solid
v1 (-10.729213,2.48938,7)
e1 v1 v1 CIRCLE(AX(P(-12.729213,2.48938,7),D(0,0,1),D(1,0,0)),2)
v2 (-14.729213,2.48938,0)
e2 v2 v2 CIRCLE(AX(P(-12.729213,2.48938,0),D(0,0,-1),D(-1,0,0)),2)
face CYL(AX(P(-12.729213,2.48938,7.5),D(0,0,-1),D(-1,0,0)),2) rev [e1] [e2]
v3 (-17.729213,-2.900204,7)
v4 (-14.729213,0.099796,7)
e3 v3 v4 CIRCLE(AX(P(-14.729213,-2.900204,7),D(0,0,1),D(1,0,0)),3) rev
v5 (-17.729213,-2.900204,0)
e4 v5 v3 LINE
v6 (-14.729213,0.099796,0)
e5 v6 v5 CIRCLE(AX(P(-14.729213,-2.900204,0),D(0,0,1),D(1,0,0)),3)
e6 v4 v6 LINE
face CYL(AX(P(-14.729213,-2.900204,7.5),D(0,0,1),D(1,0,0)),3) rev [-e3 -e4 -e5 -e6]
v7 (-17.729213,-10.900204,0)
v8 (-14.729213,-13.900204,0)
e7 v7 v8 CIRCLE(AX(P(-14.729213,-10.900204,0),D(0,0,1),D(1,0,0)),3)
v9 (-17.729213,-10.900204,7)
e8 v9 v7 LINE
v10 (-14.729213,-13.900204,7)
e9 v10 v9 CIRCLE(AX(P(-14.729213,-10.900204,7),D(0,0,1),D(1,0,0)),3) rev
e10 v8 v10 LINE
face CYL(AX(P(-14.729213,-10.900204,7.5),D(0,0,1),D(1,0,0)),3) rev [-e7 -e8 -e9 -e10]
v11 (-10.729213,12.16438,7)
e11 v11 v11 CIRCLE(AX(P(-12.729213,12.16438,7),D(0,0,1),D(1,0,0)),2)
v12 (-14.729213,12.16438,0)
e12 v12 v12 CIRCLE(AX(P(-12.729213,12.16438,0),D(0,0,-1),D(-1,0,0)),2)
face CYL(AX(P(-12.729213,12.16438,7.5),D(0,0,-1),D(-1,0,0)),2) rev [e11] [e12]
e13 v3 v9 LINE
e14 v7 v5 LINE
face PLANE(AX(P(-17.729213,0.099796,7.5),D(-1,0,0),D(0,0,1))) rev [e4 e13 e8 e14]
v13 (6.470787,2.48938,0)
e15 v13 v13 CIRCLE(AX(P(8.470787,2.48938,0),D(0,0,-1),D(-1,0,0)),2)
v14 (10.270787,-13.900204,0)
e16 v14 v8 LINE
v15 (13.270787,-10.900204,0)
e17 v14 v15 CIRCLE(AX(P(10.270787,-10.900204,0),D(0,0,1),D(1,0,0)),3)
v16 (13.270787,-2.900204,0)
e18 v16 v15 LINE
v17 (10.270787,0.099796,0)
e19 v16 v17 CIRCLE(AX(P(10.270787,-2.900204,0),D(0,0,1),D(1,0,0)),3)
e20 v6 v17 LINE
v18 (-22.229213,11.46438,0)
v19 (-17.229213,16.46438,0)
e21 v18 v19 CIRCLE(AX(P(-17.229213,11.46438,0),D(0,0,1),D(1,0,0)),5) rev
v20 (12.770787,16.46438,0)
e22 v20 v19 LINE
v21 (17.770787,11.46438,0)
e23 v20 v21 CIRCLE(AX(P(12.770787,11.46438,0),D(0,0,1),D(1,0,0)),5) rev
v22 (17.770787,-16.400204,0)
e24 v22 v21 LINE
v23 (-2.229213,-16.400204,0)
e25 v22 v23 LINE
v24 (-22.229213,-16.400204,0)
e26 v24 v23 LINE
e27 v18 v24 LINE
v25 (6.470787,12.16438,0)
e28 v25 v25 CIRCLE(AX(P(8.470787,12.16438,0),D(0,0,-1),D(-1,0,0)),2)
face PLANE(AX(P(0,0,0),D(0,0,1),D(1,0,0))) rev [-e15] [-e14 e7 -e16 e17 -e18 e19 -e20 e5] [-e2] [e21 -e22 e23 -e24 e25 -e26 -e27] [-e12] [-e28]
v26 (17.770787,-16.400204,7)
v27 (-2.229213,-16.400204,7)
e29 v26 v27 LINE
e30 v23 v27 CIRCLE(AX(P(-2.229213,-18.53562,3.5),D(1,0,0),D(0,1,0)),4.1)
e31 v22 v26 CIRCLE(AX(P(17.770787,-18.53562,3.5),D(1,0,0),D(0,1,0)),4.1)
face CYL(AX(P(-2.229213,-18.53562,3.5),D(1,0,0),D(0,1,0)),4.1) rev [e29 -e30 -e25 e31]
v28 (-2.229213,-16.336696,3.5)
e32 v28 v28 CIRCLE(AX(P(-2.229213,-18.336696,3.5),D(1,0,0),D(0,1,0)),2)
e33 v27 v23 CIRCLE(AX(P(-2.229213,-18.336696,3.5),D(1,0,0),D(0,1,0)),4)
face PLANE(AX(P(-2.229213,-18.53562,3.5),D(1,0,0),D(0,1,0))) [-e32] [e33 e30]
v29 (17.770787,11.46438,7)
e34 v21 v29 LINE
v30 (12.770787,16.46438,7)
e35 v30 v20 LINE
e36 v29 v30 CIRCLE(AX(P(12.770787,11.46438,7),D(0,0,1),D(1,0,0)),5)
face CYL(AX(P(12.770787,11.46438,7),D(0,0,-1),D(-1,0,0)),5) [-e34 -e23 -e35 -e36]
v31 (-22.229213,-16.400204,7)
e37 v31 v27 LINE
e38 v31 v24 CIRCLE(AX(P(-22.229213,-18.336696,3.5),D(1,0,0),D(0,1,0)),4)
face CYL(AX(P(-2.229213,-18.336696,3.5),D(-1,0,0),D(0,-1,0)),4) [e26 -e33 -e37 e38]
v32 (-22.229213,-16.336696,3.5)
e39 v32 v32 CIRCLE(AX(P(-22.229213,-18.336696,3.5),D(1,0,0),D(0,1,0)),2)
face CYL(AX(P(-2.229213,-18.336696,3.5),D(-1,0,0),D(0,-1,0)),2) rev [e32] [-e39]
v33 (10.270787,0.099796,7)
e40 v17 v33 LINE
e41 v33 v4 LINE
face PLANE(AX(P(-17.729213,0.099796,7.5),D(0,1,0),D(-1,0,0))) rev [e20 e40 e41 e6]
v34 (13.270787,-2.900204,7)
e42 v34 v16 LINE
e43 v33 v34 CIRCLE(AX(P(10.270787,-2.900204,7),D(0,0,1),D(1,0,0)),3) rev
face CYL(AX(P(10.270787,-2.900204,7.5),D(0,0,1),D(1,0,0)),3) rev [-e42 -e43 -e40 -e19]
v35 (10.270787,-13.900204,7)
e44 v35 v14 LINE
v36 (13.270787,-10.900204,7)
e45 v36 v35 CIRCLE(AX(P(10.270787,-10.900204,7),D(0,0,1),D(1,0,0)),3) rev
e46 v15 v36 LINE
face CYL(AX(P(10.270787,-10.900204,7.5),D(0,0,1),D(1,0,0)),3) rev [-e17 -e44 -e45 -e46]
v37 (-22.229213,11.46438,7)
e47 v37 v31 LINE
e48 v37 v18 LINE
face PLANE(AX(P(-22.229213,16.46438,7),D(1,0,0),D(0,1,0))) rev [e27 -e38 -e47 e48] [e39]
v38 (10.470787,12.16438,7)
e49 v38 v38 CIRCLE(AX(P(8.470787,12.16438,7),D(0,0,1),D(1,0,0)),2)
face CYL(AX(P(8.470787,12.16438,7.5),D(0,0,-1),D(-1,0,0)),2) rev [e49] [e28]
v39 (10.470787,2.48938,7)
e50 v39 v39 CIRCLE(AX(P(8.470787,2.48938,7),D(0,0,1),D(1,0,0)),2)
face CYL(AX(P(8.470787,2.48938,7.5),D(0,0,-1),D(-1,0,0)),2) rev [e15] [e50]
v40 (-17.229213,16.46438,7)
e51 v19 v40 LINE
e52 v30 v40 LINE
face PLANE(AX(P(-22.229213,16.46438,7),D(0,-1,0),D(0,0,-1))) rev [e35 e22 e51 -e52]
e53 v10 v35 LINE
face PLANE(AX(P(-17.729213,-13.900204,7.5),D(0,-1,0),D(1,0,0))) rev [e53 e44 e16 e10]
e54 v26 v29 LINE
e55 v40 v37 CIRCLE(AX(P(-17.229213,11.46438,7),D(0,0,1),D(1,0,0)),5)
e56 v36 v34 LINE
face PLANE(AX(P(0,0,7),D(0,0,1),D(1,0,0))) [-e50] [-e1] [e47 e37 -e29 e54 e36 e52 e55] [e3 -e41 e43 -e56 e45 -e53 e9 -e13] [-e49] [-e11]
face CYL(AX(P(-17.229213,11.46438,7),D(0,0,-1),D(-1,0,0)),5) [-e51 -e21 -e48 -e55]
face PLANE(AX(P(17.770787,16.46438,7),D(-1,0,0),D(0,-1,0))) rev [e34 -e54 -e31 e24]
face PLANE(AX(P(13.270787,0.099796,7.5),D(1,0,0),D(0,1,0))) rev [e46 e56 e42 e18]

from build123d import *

# Parameters (mm, degrees)
SKETCH1_W                = 40
SKETCH1_H                = 35
BOSS_EXTRUDE1_DEPTH      = 7
SKETCH2_R                = 4.1
CUT_EXTRUDE1_DEPTH       = 20
SKETCH3_R                = 4
SKETCH3_R_2              = 2
BOSS_EXTRUDE2_DEPTH      = 11
BOSS_EXTRUDE2_DEPTH_BACK = 9
FILLET1_R                = 5
SKETCH4_R                = 2
SKETCH4_W                = 31
SKETCH4_H                = 14
CUT_EXTRUDE2_DEPTH       = 8.5
FILLET2_R                = 3
SKETCH5_R                = 2
CUT_EXTRUDE3_DEPTH       = 41


with BuildPart() as part:
    # Sketch1 → Boss-Extrude1 (new body)
    with BuildSketch(Plane.XY):
        with Locations((-2.229213179, -1.035620053)):
            Rectangle(SKETCH1_W, SKETCH1_H)
    extrude(amount=BOSS_EXTRUDE1_DEPTH)

    # Sketch2 → Cut-Extrude1 (cut)
    with BuildSketch(Plane(origin=(17.770786821, 0, 0), x_dir=(0, 0, -1), z_dir=(1, 0, 0))):
        with Locations((-3.5, -18.535620053)):
            Circle(SKETCH2_R)
    extrude(amount=-CUT_EXTRUDE1_DEPTH, mode=Mode.SUBTRACT)

    # Sketch3 → Boss-Extrude2 (add, two sides)
    with BuildSketch(Plane(origin=(-13.229213179, 0, 0), x_dir=(0, 0, -1), z_dir=(1, 0, 0))) as boss_extrude2_sk:
        with Locations((-3.5, -18.336696075)):
            Circle(SKETCH3_R)
        with Locations((-3.5, -18.336696075)):
            Circle(SKETCH3_R_2, mode=Mode.SUBTRACT)
    extrude(amount=BOSS_EXTRUDE2_DEPTH)
    extrude(boss_extrude2_sk.sketch, amount=-BOSS_EXTRUDE2_DEPTH_BACK)

    # Fillet1
    fillet1_edges = [part.edges().sort_by_distance(p)[0] for p in [
        (-22.229213179, 16.464379947, 3.5),
        (17.770786821, 16.464379947, 3.5),
    ]]
    fillet(fillet1_edges, radius=FILLET1_R)

    # Sketch4 → Cut-Extrude2 (cut, through all)
    with BuildSketch(Plane(origin=(0, 0, 0), x_dir=(-1, 0, 0), z_dir=(0, 0, -1))):
        with Locations((-8.470786821, 12.164379947)):
            Circle(SKETCH4_R)
        with Locations((12.729213179, 12.164379947)):
            Circle(SKETCH4_R)
        with Locations((12.729213179, 2.489379947)):
            Circle(SKETCH4_R)
        with Locations((-8.470786821, 2.489379947)):
            Circle(SKETCH4_R)
        with Locations((2.229213179, -6.900204402)):
            Rectangle(SKETCH4_W, SKETCH4_H)
    extrude(amount=-CUT_EXTRUDE2_DEPTH, mode=Mode.SUBTRACT)

    # Fillet2
    fillet2_edges = [part.edges().sort_by_distance(p)[0] for p in [
        (-17.729213179, 0.099795598, 3.5),
        (-17.729213179, -13.900204402, 3.5),
        (13.270786821, -13.900204402, 3.5),
        (13.270786821, 0.099795598, 3.5),
    ]]
    fillet(fillet2_edges, radius=FILLET2_R)

    # Sketch5 → Cut-Extrude3 (cut, through all)
    with BuildSketch(Plane.ZY.offset(22.229213179)):
        with Locations((3.5, -18.336696075)):
            Circle(SKETCH5_R)
    extrude(amount=-CUT_EXTRUDE3_DEPTH, mode=Mode.SUBTRACT)


solid = part.part
